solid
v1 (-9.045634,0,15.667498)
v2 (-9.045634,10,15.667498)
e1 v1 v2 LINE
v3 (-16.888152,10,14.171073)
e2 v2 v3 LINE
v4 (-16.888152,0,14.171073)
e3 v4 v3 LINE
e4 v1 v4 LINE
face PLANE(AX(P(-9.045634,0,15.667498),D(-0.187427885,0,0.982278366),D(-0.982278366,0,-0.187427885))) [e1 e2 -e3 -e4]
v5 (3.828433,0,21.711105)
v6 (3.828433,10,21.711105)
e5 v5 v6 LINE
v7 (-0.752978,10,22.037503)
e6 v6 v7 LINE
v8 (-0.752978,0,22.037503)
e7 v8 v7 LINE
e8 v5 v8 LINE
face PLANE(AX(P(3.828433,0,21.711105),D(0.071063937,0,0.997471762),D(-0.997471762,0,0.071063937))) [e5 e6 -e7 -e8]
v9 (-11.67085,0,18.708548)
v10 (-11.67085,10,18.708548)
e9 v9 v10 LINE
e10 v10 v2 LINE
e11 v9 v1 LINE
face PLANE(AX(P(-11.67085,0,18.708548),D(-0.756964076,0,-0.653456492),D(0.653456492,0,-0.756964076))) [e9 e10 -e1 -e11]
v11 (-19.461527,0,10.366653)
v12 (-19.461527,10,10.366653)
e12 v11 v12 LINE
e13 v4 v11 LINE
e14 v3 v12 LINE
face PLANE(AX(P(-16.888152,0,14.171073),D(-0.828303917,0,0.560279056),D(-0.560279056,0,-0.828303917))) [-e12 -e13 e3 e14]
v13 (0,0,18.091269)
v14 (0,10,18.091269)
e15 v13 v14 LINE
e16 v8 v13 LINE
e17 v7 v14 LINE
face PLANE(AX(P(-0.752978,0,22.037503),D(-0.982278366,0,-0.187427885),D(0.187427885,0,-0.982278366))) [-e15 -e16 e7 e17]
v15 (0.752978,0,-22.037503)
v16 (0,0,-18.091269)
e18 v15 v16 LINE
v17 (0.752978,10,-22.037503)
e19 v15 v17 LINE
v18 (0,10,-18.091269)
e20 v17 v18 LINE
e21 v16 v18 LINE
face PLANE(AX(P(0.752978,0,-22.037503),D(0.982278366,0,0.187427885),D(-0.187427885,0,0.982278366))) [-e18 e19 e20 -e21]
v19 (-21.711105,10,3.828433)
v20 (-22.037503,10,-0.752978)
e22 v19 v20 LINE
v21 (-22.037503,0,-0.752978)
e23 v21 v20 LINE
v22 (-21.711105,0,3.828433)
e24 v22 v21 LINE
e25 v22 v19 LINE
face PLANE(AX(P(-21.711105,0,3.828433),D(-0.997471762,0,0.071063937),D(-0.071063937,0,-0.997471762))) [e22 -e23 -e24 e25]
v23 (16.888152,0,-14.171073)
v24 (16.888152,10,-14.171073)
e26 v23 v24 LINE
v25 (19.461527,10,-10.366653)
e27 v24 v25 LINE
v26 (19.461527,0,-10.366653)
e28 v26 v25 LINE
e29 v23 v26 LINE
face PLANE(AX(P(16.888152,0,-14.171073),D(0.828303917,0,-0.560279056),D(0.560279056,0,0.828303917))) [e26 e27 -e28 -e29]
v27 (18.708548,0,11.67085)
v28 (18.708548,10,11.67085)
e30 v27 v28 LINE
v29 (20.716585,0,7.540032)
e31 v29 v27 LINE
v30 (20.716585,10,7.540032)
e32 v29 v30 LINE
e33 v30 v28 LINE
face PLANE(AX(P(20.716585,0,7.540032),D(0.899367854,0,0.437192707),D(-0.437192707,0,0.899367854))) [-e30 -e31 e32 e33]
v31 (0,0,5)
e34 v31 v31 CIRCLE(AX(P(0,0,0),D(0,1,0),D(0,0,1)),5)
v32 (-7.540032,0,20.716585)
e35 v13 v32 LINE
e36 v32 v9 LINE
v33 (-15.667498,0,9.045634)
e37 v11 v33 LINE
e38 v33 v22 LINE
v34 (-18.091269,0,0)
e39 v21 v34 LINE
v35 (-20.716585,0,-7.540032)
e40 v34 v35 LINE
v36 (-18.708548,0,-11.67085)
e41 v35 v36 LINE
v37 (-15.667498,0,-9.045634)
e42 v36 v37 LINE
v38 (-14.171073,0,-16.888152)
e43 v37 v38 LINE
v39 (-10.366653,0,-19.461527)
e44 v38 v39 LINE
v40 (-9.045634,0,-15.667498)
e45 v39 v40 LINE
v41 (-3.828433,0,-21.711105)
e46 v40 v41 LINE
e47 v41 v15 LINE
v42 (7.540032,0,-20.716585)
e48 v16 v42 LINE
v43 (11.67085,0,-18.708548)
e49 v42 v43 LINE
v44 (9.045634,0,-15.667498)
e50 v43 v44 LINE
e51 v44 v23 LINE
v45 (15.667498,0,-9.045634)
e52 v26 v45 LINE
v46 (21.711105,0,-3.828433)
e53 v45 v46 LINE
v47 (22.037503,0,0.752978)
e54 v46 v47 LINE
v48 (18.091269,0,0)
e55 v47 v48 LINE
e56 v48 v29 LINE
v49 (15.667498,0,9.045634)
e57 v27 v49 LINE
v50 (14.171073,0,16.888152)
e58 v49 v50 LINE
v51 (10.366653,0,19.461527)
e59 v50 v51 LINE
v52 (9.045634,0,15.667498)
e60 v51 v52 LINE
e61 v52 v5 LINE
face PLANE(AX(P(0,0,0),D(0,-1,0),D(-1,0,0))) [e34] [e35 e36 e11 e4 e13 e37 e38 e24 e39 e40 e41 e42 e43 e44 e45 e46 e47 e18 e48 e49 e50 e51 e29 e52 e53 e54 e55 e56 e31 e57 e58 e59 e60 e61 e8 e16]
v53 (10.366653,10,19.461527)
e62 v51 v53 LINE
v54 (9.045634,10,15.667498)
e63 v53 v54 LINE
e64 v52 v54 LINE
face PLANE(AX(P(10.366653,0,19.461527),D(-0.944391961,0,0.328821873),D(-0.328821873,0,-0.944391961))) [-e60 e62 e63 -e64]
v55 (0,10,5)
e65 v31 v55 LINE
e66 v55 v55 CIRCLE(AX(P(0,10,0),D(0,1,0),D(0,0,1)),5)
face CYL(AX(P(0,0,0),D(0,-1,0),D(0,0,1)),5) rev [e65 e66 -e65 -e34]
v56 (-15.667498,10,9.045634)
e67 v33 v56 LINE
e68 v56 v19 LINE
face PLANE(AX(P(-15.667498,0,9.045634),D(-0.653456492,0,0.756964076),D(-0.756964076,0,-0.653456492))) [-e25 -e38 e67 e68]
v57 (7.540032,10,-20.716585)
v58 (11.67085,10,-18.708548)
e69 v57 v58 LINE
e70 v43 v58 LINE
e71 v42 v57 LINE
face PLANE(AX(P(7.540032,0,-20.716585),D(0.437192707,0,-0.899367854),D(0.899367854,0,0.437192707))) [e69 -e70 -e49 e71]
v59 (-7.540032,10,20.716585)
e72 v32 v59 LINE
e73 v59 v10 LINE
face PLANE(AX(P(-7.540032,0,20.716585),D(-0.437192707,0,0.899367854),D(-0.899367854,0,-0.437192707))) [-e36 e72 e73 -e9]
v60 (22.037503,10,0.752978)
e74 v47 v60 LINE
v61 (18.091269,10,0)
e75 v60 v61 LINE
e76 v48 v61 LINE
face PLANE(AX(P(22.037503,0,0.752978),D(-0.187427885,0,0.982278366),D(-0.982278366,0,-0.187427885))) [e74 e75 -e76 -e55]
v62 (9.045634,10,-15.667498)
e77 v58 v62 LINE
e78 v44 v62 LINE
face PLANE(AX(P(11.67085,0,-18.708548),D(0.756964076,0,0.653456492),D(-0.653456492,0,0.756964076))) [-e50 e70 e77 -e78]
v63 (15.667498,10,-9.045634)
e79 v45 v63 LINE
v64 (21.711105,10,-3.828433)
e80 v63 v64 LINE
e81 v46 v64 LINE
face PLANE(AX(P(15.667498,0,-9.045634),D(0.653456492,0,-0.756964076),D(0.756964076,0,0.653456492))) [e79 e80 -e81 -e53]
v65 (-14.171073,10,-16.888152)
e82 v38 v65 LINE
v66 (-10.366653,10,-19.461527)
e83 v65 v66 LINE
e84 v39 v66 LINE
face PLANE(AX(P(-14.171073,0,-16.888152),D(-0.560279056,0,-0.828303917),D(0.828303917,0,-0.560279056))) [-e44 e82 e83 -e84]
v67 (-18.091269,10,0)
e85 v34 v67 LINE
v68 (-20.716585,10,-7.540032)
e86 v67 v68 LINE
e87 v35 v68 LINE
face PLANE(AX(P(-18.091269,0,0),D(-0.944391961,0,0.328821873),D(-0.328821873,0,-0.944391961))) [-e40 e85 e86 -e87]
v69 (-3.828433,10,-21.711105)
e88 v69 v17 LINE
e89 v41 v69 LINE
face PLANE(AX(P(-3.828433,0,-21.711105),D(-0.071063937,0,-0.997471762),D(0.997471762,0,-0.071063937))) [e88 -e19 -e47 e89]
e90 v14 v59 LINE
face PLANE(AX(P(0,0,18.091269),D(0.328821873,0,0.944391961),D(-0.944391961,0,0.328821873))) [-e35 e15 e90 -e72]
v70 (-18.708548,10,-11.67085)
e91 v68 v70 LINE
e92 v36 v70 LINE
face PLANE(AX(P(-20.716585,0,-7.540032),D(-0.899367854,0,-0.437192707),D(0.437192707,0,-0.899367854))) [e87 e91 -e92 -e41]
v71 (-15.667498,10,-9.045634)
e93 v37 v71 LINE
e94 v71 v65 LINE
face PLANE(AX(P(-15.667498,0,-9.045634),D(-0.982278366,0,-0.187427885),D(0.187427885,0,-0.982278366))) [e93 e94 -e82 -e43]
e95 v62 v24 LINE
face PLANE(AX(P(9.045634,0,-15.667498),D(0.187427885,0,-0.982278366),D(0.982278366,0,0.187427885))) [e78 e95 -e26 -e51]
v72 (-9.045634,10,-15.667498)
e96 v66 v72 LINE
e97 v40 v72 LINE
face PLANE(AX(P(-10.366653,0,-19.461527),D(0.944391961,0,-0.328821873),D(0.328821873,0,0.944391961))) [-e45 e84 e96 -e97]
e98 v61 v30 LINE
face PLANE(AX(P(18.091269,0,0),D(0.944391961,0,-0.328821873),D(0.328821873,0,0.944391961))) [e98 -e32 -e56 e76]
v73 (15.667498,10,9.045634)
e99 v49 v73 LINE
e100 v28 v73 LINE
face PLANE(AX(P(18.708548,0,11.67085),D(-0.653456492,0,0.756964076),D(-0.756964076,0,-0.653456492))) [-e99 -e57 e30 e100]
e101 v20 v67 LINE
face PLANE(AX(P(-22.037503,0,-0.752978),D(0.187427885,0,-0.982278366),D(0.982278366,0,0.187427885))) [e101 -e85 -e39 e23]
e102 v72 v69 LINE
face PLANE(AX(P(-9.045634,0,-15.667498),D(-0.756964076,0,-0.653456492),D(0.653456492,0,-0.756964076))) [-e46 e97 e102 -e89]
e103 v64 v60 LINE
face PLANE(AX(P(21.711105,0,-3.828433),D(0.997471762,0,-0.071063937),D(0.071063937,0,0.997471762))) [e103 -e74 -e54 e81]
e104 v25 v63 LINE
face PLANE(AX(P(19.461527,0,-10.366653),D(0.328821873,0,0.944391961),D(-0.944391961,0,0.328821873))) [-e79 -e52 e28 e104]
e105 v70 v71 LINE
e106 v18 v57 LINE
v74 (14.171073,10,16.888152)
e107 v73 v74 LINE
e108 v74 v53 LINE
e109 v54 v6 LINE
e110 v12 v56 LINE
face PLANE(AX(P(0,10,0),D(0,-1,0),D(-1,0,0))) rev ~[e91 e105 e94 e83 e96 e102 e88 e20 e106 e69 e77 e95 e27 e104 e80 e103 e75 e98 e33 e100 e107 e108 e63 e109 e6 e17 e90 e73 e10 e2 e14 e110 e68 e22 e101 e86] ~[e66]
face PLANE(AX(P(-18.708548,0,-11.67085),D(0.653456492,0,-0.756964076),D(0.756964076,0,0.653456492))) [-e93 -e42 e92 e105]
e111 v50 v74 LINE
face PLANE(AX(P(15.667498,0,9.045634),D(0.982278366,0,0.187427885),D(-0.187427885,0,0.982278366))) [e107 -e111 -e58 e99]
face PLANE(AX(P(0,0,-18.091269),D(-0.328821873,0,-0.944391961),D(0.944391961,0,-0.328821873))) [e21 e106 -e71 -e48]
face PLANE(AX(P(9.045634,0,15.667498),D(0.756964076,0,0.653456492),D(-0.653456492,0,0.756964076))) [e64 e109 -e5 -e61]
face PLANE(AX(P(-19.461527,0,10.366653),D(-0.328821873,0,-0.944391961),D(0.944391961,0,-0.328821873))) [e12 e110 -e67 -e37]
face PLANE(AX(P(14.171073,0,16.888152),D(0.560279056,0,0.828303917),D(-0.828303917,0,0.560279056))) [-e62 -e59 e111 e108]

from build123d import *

# Parameters (mm, degrees)
SKETCH_1_R      = 5
EXTRUDE_1_DEPTH = 10


with BuildPart() as part:
    # 草图1 → 凸台-拉伸1 (new body)
    with BuildSketch(Plane(origin=(0, 0, 0), x_dir=(1, 0, 0), z_dir=(0, 1, 0))):
        Polygon((0, 18.091268752), (7.540032115, 20.716584923), (11.670850027, 18.708548438), (9.045634376, 15.667498326), (16.888151818, 14.171072765), (19.461526826, 10.366653202), (15.667498326, 9.045634376), (21.71110488, 3.828433104), (22.037503228, -0.752978388), (18.091268752, 0), (20.716584923, -7.540032115), (18.708548438, -11.670850027), (15.667498326, -9.045634376), (14.171072765, -16.888151818), (10.366653202, -19.461526826), (9.045634376, -15.667498326), (3.828433104, -21.71110488), (-0.752978388, -22.037503228), (0, -18.091268752), (-7.540032115, -20.716584923), (-11.670850027, -18.708548438), (-9.045634376, -15.667498326), (-16.888151818, -14.171072765), (-19.461526826, -10.366653202), (-15.667498326, -9.045634376), (-21.71110488, -3.828433104), (-22.037503228, 0.752978388), (-18.091268752, 0), (-20.716584923, 7.540032115), (-18.708548438, 11.670850027), (-15.667498326, 9.045634376), (-14.171072765, 16.888151818), (-10.366653202, 19.461526826), (-9.045634376, 15.667498326), (-3.828433104, 21.71110488), (0.752978388, 22.037503228), align=None)
        with Locations(Location((0, 0, 0), (0, 0, 270))):
            Circle(SKETCH_1_R, mode=Mode.SUBTRACT)
    extrude(amount=EXTRUDE_1_DEPTH)


solid = part.part
